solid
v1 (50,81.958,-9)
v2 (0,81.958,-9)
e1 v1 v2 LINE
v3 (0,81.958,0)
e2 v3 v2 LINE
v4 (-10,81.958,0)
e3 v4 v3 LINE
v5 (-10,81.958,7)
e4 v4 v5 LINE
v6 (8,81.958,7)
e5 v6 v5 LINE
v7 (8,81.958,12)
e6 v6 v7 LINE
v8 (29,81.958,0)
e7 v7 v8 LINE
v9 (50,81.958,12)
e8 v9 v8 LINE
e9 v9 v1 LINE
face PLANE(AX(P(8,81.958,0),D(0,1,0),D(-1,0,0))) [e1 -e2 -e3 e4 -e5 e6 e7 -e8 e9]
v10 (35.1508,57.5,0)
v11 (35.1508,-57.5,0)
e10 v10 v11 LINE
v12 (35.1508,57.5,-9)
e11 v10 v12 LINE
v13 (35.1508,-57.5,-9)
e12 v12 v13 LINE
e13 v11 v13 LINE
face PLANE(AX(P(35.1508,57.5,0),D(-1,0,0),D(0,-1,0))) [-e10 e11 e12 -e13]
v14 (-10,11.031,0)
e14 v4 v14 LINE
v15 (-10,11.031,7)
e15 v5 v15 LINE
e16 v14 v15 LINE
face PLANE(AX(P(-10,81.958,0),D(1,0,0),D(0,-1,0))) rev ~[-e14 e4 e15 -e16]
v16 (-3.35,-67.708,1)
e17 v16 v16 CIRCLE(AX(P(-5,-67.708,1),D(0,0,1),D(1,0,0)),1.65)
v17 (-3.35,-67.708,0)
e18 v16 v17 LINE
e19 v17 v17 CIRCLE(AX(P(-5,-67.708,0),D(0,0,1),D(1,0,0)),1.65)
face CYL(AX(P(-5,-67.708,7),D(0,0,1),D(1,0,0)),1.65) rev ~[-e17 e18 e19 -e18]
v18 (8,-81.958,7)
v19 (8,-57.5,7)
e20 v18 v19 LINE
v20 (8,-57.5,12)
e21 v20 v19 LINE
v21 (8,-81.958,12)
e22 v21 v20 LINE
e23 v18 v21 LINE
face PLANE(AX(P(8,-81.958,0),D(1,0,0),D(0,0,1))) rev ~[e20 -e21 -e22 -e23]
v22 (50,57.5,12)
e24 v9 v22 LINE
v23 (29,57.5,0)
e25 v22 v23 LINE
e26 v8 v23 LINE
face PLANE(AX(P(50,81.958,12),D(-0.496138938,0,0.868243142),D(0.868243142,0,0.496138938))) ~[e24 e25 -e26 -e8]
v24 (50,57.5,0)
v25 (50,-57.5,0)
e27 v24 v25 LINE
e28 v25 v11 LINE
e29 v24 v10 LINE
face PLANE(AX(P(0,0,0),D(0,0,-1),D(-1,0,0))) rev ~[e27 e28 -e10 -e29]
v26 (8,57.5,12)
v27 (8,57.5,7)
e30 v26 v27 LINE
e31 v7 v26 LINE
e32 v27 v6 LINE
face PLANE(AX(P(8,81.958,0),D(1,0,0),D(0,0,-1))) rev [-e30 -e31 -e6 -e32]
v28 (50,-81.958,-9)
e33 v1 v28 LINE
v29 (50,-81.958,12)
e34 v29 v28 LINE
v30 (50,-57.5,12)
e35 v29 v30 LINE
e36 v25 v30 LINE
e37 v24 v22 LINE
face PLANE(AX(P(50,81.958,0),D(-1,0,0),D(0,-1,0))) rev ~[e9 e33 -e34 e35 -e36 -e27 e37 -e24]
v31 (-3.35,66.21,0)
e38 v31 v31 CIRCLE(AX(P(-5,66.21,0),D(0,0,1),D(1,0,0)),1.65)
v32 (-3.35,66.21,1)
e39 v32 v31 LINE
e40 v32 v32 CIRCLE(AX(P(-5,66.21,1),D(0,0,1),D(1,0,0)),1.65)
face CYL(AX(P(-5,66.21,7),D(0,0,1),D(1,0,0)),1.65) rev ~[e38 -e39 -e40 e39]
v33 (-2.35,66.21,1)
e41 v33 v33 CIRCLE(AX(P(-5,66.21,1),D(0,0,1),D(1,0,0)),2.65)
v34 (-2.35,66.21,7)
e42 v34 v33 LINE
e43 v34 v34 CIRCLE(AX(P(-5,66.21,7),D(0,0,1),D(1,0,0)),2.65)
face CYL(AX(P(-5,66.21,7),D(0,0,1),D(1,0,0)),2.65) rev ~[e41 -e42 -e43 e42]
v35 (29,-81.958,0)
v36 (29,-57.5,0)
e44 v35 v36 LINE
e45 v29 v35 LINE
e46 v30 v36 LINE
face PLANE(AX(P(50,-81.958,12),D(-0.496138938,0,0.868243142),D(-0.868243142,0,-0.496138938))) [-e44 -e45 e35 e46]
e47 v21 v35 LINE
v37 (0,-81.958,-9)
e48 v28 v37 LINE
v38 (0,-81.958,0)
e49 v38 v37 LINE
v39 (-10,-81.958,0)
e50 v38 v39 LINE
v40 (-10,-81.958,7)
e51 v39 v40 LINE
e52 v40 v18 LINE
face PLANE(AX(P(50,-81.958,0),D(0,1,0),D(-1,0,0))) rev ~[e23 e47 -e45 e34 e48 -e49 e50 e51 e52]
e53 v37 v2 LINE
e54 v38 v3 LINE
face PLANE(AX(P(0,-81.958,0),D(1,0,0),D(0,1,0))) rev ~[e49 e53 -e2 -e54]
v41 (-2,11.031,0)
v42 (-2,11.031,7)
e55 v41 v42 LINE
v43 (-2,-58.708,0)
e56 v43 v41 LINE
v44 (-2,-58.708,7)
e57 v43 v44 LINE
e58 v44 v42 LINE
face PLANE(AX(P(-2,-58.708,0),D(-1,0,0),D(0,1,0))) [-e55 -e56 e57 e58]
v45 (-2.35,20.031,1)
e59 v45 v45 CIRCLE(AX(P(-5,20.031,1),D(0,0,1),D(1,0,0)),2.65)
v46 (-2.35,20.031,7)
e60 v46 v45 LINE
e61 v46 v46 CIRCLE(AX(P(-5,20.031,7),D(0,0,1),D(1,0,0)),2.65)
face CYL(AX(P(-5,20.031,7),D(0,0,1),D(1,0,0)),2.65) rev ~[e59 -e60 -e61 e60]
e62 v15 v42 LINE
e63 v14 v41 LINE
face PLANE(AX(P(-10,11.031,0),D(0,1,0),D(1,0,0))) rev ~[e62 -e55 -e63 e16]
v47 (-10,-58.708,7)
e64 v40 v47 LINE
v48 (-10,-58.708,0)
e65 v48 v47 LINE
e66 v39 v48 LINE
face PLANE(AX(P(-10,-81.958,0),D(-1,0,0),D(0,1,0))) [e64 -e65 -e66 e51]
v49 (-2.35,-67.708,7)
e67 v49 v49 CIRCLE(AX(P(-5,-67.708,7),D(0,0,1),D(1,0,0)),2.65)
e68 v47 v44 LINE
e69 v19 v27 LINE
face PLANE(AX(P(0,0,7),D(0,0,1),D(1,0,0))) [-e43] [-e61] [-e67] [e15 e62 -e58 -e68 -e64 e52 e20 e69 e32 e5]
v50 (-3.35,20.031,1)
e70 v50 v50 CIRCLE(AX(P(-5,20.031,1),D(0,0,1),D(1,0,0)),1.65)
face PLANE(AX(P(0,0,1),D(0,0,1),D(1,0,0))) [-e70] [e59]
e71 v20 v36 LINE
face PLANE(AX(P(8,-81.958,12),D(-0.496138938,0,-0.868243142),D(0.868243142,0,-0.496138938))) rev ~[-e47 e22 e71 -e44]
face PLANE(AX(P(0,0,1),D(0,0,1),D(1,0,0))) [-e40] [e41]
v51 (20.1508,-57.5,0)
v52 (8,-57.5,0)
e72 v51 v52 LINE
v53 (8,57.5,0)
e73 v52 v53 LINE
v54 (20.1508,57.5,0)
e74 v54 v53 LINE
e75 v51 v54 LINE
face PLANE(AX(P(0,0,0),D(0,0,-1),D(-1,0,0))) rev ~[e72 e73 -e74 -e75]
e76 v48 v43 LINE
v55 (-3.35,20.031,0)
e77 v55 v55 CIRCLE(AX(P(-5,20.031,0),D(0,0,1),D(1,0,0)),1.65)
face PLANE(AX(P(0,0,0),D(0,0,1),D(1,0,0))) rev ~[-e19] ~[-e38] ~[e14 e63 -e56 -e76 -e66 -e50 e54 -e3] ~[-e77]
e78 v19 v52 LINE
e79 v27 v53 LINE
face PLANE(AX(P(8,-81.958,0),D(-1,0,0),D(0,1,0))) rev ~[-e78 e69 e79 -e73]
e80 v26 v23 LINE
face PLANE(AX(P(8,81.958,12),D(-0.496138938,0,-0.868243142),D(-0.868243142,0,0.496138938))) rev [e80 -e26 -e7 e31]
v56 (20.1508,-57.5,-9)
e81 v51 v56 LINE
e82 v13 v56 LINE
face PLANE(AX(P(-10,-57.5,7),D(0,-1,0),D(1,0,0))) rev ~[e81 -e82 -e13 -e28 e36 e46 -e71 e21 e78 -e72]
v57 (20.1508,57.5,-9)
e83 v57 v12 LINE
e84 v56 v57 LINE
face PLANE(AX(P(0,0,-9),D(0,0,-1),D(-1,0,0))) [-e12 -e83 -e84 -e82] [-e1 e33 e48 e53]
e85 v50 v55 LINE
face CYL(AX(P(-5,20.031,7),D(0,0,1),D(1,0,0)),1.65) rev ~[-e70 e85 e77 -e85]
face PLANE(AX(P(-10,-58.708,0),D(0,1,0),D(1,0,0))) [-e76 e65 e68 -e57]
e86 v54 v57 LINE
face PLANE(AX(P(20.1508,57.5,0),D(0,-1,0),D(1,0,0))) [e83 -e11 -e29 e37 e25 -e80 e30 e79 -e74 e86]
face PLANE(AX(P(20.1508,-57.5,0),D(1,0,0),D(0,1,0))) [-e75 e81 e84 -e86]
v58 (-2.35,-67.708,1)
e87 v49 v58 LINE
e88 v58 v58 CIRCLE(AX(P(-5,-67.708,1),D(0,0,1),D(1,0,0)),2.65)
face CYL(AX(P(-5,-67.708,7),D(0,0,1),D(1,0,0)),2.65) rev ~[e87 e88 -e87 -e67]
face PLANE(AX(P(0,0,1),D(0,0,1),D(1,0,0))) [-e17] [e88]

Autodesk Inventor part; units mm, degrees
ref_plane "YZ Plane" through (0, 0, 0) normal (1, 0, 0) x (0, 1, 0)
ref_plane "XZ Plane" through (0, 0, 0) normal (0, 1, 0) x (-1, 0, 0)
ref_plane "XY Plane" through (0, 0, 0) normal (0, 0, 1) x (1, 0, 0)
sketch "Sketch1" plane through (0, 0, 0) normal (0, 0, 1) x (1, 0, 0)
  line L0 (0, 0) -> (0, 81.958)
  line L1 (0, 0) -> (0, -81.958)
  line L2 (0, -81.958) -> (-10, -81.958)
  line L3 (-5, -81.958) -> (-5, -67.708) construction
  line L4 (-5, -67.708) -> (-5, -58.708) construction
  line L5 (-10, -81.958) -> (-10, -58.708)
  line L6 (-10, -58.708) -> (0, -58.708)
  line L7 (0, 81.958) -> (-10, 81.958)
  line L8 (-5, 81.958) -> (-5, 66.21) construction
  line L9 (-5, 66.21) -> (-5, 20.031) construction
  line L10 (-5, 20.031) -> (-5, 11.031) construction
  line L11 (-10, 81.958) -> (-10, 11.031)
  line L12 (-10, 11.031) -> (0, 11.031)
  line L13 (0, -58.708) -> (-2, -58.708)
  line L14 (-2, -58.708) -> (-2, 11.031)
  line L15 (0, -81.958) -> (8, -81.958)
  line L16 (8, -81.958) -> (8, 81.958)
  line L17 (8, 81.958) -> (0, 81.958)
  line L18 (0, 81.958) -> (0, -81.958)
  dimension "d0" = 81.958
  dimension "d2" = 163.916
  dimension "d3" = 10
  dimension "d4" = 14.25
  dimension "d5" = 9
  dimension "d6" = 15.748
  dimension "d7" = 46.179
  dimension "d8" = 9
  dimension "d9" = 2
  dimension "d10" = 8
extrude "Extrusion1" add sketch "Sketch1" along normal blind 7
sketch "Sketch2" plane through (0, 0, 0) normal (0, 0, -1) x (-1, 0, 0)
  line L0 (10, 81.958) -> (10, 11.031) construction
  line L1 (10, 46.4945) -> (0, 46.4945) construction
  line L2 (-8, 81.958) -> (10, 81.958) projected
  line L3 (0, 81.958) -> (-50, 81.958)
  line L4 (-50, 81.958) -> (-50, -81.958)
  line L5 (-50, -81.958) -> (0, -81.958)
  line L6 (0, -81.958) -> (0, 81.958)
  line L7 (-35.1508, -57.5) -> (-20.1508, -57.5)
  line L8 (-20.1508, -57.5) -> (-20.1508, 57.5)
  line L9 (-20.1508, 57.5) -> (-35.1508, 57.5)
  line L10 (-35.1508, 57.5) -> (-35.1508, -57.5)
  line L11 (-35.1508, -57.5) -> (-20.1508, 57.5) construction
  line L12 (-20.1508, -57.5) -> (-35.1508, 57.5) construction
  point P0 (0, 0)
  point P1 (-27.6508, 0)
  dimension "d13" = 10
  dimension "d14" = 50
  dimension "d15" = 15
  dimension "d16" = 115
extrude "Extrusion2" add sketch "Sketch2" along normal blind 9
sketch "Sketch3" plane through (-10, -81.958, 7) normal (0, -1, 0) x (1, 0, 0)
  line L0 (60, -7) -> (18, -7) projected
  line L1 (60, -7) -> (60, 5)
  line L2 (0, 0) -> (18, 0) projected
  line L3 (18, 5) -> (18, 0)
  line L4 (60, 5) -> (39, -7)
  line L5 (18, 5) -> (39, -7)
  line L6 (18, -7) -> (18, 0) projected
  line L7 (18, 0) -> (18, -7)
  point P0 (10, -7)
  dimension "d19" = 12
extrude "Extrusion3" add sketch "Sketch3" against normal up to surface (24.458 mm away)
mirror "Mirror1" about plane through (0, 0, 0) normal (0, 1, 0) of "Extrusion3"
sketch "Sketch4" plane through (0, 0, 7) normal (0, 0, 1) x (1, 0, 0)
  line L0 (-5, -81.958) -> (-5, -67.708) construction
  line L1 (-5, 81.958) -> (-5, 66.21) construction
  line L2 (-5, 66.21) -> (-5, 20.031) construction
  circle A0 centre (-5, -67.708) radius 1.65
  circle A1 centre (-5, 20.031) radius 1.65
  circle A2 centre (-5, 66.21) radius 1.65
  point P0 (0, 0)
  dimension "d22" = 14.25
  dimension "d23" = 46.179
  dimension "d24" = 15.748
  dimension "d25" = 3.3
extrude "Extrusion4" cut sketch "Sketch4" against normal up to surface (7 mm away)
sketch "Sketch5" plane through (0, 0, 7) normal (0, 0, 1) x (1, 0, 0)
  circle A0 centre (-5, -67.708) radius 1.65 projected
  circle A1 centre (-5, -67.708) radius 2.65
  circle A2 centre (-5, 20.031) radius 1.65 projected
  circle A3 centre (-5, 20.031) radius 2.65
  circle A4 centre (-5, 66.21) radius 1.65 projected
  circle A5 centre (-5, 66.21) radius 2.65
  point P0 (0, 0)
  dimension "d28" = 5.3
extrude "Extrusion5" cut sketch "Sketch5" against normal blind 6 contours A0 | A1 | A2 | A3 | A4 | A5
properties part number "Base Extension 2"
